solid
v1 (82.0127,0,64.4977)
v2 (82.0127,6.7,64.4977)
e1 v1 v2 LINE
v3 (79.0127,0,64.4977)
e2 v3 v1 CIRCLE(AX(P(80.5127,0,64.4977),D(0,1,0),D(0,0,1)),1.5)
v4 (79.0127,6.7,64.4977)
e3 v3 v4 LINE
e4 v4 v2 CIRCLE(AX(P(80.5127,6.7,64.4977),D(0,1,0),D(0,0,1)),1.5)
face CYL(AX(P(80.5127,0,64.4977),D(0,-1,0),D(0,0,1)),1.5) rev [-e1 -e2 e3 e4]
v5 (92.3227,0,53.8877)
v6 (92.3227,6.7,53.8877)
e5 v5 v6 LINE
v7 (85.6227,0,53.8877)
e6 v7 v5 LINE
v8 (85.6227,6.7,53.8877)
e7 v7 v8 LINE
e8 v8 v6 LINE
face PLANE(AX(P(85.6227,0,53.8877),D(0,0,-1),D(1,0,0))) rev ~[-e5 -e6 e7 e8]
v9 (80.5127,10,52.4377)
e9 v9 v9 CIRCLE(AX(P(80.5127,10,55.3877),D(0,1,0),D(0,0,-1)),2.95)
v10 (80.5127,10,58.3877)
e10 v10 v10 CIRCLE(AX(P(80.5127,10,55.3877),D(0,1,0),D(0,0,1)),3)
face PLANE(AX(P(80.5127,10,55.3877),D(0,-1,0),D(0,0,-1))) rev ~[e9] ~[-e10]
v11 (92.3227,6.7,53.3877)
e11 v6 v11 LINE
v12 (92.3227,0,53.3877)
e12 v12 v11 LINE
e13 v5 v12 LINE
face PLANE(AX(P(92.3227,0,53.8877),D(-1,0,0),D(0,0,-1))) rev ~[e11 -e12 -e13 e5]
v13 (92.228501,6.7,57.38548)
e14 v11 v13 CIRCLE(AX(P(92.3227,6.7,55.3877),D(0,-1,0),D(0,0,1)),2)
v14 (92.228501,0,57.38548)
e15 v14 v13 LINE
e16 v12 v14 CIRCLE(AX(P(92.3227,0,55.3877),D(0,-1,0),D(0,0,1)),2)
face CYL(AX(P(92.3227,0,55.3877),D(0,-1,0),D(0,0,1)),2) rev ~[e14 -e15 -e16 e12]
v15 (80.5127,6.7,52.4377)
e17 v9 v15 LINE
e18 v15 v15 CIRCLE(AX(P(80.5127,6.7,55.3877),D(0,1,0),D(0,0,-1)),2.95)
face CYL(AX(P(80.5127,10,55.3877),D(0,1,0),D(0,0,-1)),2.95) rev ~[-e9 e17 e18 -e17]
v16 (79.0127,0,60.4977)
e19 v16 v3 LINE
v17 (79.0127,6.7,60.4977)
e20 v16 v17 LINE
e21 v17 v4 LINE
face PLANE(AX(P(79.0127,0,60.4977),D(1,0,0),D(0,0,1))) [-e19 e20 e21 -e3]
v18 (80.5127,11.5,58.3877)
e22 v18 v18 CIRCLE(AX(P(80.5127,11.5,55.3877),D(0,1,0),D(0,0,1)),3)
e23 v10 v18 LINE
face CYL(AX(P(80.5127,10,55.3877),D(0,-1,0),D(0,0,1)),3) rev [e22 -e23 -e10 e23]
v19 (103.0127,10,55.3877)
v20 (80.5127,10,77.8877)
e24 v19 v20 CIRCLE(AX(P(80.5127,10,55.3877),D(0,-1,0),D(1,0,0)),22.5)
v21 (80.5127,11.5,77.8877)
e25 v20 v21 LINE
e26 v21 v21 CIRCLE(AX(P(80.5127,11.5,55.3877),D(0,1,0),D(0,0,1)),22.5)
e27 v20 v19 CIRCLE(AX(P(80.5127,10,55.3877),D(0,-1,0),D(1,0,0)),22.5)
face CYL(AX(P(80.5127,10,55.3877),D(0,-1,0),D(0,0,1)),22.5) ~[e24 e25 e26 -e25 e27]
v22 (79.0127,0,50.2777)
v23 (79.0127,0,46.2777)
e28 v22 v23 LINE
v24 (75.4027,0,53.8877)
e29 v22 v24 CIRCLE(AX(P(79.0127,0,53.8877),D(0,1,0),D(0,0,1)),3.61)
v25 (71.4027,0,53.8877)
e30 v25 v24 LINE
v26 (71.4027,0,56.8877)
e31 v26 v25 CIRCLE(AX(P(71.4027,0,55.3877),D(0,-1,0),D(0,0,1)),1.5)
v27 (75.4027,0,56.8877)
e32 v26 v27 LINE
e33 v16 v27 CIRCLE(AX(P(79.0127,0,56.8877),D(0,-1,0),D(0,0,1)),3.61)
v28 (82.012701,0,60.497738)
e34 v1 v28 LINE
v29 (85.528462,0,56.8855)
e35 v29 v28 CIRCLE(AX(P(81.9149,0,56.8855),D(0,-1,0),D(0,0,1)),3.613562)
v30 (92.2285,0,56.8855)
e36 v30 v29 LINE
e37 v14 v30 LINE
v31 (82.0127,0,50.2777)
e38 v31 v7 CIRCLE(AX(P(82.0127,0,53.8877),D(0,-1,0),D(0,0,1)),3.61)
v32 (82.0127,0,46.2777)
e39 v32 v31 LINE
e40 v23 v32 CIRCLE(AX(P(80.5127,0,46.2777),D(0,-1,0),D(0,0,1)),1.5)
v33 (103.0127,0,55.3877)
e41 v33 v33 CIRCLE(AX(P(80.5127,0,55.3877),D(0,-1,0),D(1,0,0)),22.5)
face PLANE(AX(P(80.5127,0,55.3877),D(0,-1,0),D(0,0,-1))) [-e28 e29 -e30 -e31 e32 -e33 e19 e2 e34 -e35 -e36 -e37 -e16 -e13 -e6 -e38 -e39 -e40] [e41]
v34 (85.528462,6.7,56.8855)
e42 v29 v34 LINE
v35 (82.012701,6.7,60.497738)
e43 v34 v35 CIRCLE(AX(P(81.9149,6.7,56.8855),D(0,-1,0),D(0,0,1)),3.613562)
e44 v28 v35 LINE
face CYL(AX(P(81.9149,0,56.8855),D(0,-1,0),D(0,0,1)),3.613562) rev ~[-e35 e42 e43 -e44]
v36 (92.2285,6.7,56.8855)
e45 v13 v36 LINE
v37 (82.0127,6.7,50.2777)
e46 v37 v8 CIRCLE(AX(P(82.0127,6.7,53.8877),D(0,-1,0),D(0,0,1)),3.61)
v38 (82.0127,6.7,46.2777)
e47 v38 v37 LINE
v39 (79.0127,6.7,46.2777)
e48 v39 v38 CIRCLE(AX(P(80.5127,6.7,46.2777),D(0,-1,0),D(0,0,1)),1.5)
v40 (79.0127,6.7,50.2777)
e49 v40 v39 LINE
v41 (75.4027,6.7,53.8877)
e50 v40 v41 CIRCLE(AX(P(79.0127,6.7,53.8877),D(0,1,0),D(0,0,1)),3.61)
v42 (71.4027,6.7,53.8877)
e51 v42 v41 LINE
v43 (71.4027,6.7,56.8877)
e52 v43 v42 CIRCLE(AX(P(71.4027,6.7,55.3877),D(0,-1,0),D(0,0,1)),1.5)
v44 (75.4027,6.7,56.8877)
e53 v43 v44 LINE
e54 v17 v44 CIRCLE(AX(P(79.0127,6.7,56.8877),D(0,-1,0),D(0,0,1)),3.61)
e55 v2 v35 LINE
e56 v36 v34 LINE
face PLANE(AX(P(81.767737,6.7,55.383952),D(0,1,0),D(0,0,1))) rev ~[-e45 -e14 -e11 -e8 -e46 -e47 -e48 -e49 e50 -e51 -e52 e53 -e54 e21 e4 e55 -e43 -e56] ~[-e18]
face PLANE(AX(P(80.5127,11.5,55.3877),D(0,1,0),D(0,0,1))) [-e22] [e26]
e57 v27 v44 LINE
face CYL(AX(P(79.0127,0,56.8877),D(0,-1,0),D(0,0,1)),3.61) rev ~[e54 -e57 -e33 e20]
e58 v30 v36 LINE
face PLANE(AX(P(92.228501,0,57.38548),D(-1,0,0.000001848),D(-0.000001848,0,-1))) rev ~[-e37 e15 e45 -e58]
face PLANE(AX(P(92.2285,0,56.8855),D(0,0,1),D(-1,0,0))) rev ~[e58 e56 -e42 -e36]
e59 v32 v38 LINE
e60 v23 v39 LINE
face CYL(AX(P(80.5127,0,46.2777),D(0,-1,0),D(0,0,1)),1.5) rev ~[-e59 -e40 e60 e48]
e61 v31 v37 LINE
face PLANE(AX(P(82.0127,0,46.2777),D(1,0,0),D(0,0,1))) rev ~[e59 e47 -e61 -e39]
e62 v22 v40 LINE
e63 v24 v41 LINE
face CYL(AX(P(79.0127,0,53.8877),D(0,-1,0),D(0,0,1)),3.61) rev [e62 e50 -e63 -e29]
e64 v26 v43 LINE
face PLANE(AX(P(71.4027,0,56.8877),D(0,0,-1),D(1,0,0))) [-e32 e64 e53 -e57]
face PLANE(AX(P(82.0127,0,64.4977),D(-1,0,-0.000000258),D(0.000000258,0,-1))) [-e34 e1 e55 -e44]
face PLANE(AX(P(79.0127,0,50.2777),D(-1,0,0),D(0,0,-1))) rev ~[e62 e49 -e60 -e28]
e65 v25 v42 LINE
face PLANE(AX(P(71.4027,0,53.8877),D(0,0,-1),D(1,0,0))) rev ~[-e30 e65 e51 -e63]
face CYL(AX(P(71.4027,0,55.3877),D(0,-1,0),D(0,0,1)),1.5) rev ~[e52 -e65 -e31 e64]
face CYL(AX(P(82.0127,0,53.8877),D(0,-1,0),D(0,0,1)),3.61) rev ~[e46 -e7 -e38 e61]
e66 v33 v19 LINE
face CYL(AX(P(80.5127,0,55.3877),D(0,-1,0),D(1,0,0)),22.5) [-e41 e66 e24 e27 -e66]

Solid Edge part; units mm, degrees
sketch "Sketch1" plane through (0, 0, 0) normal (0, -1, 0) x (1, 0, 0)
  circle A0 centre (80.5127, 55.3877) radius 22.5
  dimension "D1" = 45
extrude "Protrusion1" add sketch "Sketch1" against normal blind 10
sketch "Sketch2" plane through (80.5127, 10, 55.3877) normal (0, 1, 0) x (0, 0, -1)
  circle A0 centre (0, 0) radius 2.95
  dimension "D1" = 5.9
extrude "ExtrudedCutout_5" cut sketch "Sketch2" against normal blind 4
sketch "Sketch3" plane through (80.5127, 6, 55.3877) normal (0, 1, 0) x (-1, 0, 0)
  circle A0 centre (0, 0) radius 1.05
  dimension "D1" = 2.1
extrude "Cutout1" cut sketch "Sketch3" against normal up to next
sketch "Sketch4" plane through (80.5127, 5, 51.1598) normal (0, -1, 0) x (1, 0, 0)
  circle A0 centre (0, 4.2279) radius 3.55
extrude "ExtrudedCutout_7" cut sketch "Sketch4" against normal blind 0.5
chamfer "Chamfer_2" distance 1.9 distance2 0.5 1 edges at (80.5127, 6, 58.3377) measured on face at (78.605, 6, 53.362)
sketch "Sketch5" plane through (80.5127, 10, 55.3877) normal (0, 1, 0) x (0, 0, 1)
  circle A0 centre (0, 0) radius 22.5
  circle A1 centre (0, 0) radius 3
  dimension "D1" = 45
extrude "ExtrudedProtrusion_4" add sketch "Sketch5" along normal blind 1.5
sketch "Sketch6" plane through (80.5127, 0, 55.3877) normal (0, -1, 0) x (0, 0, 1)
  line L0 (1.5, 9.11) -> (1.5, 5.11)
  arc A0 (5.11, 1.5) -> (1.5, 5.11) centre (1.5, 1.5) ccw
  line L1 (5.11, 1.5) -> (9.11, 1.5)
  arc A1 (9.11, 1.5) -> (9.11, -1.5) centre (9.11, 0) cw
  line L2 (9.11, -1.5) -> (5.11, -1.5)
  arc A2 (1.4978, -5.0158) -> (5.11, -1.5) centre (1.4978, -1.4022) ccw
  line L3 (1.4978, -11.7158) -> (1.4978, -5.0158)
  line L4 (1.9978, -11.7158) -> (1.4978, -11.7158)
  arc A3 (-2, -11.81) -> (1.9978, -11.7158) centre (0, -11.81) ccw
  line L5 (-1.5, -11.81) -> (-2, -11.81)
  line L6 (-1.5, -5.11) -> (-1.5, -11.81)
  arc A4 (-5.11, -1.5) -> (-1.5, -5.11) centre (-1.5, -1.5) ccw
  line L7 (-9.11, -1.5) -> (-5.11, -1.5)
  arc A5 (-9.11, 1.5) -> (-9.11, -1.5) centre (-9.11, 0) ccw
  line L8 (-5.11, 1.5) -> (-9.11, 1.5)
  arc A6 (-5.11, 1.5) -> (-1.5, 5.11) centre (-1.5, 1.5) cw
  line L9 (-1.5, 9.11) -> (-1.5, 5.11)
  arc A7 (1.5, 9.11) -> (-1.5, 9.11) centre (0, 9.11) ccw
  dimension "D1" = 4
  dimension "D2" = 5.11
  dimension "D3" = 1.5
  dimension "D4" = 1.5
  dimension "D5" = 4
  dimension "D6" = 4
  dimension "D7" = 1.5
  dimension "D8" = 4
  dimension "D9" = 4
  dimension "D10" = 1.5
  dimension "D11" = 5.11
  dimension "D12" = 5.11
  dimension "D13" = 6.7
  dimension "D14" = 5.11
  dimension "D15" = 1.5
  dimension "D16" = 2
  dimension "D17" = 0.5
  dimension "D18" = 6.7
  dimension "D19" = 4
extrude "ExtrudedCutout_9" cut sketch "Sketch6" against normal blind 6.7
